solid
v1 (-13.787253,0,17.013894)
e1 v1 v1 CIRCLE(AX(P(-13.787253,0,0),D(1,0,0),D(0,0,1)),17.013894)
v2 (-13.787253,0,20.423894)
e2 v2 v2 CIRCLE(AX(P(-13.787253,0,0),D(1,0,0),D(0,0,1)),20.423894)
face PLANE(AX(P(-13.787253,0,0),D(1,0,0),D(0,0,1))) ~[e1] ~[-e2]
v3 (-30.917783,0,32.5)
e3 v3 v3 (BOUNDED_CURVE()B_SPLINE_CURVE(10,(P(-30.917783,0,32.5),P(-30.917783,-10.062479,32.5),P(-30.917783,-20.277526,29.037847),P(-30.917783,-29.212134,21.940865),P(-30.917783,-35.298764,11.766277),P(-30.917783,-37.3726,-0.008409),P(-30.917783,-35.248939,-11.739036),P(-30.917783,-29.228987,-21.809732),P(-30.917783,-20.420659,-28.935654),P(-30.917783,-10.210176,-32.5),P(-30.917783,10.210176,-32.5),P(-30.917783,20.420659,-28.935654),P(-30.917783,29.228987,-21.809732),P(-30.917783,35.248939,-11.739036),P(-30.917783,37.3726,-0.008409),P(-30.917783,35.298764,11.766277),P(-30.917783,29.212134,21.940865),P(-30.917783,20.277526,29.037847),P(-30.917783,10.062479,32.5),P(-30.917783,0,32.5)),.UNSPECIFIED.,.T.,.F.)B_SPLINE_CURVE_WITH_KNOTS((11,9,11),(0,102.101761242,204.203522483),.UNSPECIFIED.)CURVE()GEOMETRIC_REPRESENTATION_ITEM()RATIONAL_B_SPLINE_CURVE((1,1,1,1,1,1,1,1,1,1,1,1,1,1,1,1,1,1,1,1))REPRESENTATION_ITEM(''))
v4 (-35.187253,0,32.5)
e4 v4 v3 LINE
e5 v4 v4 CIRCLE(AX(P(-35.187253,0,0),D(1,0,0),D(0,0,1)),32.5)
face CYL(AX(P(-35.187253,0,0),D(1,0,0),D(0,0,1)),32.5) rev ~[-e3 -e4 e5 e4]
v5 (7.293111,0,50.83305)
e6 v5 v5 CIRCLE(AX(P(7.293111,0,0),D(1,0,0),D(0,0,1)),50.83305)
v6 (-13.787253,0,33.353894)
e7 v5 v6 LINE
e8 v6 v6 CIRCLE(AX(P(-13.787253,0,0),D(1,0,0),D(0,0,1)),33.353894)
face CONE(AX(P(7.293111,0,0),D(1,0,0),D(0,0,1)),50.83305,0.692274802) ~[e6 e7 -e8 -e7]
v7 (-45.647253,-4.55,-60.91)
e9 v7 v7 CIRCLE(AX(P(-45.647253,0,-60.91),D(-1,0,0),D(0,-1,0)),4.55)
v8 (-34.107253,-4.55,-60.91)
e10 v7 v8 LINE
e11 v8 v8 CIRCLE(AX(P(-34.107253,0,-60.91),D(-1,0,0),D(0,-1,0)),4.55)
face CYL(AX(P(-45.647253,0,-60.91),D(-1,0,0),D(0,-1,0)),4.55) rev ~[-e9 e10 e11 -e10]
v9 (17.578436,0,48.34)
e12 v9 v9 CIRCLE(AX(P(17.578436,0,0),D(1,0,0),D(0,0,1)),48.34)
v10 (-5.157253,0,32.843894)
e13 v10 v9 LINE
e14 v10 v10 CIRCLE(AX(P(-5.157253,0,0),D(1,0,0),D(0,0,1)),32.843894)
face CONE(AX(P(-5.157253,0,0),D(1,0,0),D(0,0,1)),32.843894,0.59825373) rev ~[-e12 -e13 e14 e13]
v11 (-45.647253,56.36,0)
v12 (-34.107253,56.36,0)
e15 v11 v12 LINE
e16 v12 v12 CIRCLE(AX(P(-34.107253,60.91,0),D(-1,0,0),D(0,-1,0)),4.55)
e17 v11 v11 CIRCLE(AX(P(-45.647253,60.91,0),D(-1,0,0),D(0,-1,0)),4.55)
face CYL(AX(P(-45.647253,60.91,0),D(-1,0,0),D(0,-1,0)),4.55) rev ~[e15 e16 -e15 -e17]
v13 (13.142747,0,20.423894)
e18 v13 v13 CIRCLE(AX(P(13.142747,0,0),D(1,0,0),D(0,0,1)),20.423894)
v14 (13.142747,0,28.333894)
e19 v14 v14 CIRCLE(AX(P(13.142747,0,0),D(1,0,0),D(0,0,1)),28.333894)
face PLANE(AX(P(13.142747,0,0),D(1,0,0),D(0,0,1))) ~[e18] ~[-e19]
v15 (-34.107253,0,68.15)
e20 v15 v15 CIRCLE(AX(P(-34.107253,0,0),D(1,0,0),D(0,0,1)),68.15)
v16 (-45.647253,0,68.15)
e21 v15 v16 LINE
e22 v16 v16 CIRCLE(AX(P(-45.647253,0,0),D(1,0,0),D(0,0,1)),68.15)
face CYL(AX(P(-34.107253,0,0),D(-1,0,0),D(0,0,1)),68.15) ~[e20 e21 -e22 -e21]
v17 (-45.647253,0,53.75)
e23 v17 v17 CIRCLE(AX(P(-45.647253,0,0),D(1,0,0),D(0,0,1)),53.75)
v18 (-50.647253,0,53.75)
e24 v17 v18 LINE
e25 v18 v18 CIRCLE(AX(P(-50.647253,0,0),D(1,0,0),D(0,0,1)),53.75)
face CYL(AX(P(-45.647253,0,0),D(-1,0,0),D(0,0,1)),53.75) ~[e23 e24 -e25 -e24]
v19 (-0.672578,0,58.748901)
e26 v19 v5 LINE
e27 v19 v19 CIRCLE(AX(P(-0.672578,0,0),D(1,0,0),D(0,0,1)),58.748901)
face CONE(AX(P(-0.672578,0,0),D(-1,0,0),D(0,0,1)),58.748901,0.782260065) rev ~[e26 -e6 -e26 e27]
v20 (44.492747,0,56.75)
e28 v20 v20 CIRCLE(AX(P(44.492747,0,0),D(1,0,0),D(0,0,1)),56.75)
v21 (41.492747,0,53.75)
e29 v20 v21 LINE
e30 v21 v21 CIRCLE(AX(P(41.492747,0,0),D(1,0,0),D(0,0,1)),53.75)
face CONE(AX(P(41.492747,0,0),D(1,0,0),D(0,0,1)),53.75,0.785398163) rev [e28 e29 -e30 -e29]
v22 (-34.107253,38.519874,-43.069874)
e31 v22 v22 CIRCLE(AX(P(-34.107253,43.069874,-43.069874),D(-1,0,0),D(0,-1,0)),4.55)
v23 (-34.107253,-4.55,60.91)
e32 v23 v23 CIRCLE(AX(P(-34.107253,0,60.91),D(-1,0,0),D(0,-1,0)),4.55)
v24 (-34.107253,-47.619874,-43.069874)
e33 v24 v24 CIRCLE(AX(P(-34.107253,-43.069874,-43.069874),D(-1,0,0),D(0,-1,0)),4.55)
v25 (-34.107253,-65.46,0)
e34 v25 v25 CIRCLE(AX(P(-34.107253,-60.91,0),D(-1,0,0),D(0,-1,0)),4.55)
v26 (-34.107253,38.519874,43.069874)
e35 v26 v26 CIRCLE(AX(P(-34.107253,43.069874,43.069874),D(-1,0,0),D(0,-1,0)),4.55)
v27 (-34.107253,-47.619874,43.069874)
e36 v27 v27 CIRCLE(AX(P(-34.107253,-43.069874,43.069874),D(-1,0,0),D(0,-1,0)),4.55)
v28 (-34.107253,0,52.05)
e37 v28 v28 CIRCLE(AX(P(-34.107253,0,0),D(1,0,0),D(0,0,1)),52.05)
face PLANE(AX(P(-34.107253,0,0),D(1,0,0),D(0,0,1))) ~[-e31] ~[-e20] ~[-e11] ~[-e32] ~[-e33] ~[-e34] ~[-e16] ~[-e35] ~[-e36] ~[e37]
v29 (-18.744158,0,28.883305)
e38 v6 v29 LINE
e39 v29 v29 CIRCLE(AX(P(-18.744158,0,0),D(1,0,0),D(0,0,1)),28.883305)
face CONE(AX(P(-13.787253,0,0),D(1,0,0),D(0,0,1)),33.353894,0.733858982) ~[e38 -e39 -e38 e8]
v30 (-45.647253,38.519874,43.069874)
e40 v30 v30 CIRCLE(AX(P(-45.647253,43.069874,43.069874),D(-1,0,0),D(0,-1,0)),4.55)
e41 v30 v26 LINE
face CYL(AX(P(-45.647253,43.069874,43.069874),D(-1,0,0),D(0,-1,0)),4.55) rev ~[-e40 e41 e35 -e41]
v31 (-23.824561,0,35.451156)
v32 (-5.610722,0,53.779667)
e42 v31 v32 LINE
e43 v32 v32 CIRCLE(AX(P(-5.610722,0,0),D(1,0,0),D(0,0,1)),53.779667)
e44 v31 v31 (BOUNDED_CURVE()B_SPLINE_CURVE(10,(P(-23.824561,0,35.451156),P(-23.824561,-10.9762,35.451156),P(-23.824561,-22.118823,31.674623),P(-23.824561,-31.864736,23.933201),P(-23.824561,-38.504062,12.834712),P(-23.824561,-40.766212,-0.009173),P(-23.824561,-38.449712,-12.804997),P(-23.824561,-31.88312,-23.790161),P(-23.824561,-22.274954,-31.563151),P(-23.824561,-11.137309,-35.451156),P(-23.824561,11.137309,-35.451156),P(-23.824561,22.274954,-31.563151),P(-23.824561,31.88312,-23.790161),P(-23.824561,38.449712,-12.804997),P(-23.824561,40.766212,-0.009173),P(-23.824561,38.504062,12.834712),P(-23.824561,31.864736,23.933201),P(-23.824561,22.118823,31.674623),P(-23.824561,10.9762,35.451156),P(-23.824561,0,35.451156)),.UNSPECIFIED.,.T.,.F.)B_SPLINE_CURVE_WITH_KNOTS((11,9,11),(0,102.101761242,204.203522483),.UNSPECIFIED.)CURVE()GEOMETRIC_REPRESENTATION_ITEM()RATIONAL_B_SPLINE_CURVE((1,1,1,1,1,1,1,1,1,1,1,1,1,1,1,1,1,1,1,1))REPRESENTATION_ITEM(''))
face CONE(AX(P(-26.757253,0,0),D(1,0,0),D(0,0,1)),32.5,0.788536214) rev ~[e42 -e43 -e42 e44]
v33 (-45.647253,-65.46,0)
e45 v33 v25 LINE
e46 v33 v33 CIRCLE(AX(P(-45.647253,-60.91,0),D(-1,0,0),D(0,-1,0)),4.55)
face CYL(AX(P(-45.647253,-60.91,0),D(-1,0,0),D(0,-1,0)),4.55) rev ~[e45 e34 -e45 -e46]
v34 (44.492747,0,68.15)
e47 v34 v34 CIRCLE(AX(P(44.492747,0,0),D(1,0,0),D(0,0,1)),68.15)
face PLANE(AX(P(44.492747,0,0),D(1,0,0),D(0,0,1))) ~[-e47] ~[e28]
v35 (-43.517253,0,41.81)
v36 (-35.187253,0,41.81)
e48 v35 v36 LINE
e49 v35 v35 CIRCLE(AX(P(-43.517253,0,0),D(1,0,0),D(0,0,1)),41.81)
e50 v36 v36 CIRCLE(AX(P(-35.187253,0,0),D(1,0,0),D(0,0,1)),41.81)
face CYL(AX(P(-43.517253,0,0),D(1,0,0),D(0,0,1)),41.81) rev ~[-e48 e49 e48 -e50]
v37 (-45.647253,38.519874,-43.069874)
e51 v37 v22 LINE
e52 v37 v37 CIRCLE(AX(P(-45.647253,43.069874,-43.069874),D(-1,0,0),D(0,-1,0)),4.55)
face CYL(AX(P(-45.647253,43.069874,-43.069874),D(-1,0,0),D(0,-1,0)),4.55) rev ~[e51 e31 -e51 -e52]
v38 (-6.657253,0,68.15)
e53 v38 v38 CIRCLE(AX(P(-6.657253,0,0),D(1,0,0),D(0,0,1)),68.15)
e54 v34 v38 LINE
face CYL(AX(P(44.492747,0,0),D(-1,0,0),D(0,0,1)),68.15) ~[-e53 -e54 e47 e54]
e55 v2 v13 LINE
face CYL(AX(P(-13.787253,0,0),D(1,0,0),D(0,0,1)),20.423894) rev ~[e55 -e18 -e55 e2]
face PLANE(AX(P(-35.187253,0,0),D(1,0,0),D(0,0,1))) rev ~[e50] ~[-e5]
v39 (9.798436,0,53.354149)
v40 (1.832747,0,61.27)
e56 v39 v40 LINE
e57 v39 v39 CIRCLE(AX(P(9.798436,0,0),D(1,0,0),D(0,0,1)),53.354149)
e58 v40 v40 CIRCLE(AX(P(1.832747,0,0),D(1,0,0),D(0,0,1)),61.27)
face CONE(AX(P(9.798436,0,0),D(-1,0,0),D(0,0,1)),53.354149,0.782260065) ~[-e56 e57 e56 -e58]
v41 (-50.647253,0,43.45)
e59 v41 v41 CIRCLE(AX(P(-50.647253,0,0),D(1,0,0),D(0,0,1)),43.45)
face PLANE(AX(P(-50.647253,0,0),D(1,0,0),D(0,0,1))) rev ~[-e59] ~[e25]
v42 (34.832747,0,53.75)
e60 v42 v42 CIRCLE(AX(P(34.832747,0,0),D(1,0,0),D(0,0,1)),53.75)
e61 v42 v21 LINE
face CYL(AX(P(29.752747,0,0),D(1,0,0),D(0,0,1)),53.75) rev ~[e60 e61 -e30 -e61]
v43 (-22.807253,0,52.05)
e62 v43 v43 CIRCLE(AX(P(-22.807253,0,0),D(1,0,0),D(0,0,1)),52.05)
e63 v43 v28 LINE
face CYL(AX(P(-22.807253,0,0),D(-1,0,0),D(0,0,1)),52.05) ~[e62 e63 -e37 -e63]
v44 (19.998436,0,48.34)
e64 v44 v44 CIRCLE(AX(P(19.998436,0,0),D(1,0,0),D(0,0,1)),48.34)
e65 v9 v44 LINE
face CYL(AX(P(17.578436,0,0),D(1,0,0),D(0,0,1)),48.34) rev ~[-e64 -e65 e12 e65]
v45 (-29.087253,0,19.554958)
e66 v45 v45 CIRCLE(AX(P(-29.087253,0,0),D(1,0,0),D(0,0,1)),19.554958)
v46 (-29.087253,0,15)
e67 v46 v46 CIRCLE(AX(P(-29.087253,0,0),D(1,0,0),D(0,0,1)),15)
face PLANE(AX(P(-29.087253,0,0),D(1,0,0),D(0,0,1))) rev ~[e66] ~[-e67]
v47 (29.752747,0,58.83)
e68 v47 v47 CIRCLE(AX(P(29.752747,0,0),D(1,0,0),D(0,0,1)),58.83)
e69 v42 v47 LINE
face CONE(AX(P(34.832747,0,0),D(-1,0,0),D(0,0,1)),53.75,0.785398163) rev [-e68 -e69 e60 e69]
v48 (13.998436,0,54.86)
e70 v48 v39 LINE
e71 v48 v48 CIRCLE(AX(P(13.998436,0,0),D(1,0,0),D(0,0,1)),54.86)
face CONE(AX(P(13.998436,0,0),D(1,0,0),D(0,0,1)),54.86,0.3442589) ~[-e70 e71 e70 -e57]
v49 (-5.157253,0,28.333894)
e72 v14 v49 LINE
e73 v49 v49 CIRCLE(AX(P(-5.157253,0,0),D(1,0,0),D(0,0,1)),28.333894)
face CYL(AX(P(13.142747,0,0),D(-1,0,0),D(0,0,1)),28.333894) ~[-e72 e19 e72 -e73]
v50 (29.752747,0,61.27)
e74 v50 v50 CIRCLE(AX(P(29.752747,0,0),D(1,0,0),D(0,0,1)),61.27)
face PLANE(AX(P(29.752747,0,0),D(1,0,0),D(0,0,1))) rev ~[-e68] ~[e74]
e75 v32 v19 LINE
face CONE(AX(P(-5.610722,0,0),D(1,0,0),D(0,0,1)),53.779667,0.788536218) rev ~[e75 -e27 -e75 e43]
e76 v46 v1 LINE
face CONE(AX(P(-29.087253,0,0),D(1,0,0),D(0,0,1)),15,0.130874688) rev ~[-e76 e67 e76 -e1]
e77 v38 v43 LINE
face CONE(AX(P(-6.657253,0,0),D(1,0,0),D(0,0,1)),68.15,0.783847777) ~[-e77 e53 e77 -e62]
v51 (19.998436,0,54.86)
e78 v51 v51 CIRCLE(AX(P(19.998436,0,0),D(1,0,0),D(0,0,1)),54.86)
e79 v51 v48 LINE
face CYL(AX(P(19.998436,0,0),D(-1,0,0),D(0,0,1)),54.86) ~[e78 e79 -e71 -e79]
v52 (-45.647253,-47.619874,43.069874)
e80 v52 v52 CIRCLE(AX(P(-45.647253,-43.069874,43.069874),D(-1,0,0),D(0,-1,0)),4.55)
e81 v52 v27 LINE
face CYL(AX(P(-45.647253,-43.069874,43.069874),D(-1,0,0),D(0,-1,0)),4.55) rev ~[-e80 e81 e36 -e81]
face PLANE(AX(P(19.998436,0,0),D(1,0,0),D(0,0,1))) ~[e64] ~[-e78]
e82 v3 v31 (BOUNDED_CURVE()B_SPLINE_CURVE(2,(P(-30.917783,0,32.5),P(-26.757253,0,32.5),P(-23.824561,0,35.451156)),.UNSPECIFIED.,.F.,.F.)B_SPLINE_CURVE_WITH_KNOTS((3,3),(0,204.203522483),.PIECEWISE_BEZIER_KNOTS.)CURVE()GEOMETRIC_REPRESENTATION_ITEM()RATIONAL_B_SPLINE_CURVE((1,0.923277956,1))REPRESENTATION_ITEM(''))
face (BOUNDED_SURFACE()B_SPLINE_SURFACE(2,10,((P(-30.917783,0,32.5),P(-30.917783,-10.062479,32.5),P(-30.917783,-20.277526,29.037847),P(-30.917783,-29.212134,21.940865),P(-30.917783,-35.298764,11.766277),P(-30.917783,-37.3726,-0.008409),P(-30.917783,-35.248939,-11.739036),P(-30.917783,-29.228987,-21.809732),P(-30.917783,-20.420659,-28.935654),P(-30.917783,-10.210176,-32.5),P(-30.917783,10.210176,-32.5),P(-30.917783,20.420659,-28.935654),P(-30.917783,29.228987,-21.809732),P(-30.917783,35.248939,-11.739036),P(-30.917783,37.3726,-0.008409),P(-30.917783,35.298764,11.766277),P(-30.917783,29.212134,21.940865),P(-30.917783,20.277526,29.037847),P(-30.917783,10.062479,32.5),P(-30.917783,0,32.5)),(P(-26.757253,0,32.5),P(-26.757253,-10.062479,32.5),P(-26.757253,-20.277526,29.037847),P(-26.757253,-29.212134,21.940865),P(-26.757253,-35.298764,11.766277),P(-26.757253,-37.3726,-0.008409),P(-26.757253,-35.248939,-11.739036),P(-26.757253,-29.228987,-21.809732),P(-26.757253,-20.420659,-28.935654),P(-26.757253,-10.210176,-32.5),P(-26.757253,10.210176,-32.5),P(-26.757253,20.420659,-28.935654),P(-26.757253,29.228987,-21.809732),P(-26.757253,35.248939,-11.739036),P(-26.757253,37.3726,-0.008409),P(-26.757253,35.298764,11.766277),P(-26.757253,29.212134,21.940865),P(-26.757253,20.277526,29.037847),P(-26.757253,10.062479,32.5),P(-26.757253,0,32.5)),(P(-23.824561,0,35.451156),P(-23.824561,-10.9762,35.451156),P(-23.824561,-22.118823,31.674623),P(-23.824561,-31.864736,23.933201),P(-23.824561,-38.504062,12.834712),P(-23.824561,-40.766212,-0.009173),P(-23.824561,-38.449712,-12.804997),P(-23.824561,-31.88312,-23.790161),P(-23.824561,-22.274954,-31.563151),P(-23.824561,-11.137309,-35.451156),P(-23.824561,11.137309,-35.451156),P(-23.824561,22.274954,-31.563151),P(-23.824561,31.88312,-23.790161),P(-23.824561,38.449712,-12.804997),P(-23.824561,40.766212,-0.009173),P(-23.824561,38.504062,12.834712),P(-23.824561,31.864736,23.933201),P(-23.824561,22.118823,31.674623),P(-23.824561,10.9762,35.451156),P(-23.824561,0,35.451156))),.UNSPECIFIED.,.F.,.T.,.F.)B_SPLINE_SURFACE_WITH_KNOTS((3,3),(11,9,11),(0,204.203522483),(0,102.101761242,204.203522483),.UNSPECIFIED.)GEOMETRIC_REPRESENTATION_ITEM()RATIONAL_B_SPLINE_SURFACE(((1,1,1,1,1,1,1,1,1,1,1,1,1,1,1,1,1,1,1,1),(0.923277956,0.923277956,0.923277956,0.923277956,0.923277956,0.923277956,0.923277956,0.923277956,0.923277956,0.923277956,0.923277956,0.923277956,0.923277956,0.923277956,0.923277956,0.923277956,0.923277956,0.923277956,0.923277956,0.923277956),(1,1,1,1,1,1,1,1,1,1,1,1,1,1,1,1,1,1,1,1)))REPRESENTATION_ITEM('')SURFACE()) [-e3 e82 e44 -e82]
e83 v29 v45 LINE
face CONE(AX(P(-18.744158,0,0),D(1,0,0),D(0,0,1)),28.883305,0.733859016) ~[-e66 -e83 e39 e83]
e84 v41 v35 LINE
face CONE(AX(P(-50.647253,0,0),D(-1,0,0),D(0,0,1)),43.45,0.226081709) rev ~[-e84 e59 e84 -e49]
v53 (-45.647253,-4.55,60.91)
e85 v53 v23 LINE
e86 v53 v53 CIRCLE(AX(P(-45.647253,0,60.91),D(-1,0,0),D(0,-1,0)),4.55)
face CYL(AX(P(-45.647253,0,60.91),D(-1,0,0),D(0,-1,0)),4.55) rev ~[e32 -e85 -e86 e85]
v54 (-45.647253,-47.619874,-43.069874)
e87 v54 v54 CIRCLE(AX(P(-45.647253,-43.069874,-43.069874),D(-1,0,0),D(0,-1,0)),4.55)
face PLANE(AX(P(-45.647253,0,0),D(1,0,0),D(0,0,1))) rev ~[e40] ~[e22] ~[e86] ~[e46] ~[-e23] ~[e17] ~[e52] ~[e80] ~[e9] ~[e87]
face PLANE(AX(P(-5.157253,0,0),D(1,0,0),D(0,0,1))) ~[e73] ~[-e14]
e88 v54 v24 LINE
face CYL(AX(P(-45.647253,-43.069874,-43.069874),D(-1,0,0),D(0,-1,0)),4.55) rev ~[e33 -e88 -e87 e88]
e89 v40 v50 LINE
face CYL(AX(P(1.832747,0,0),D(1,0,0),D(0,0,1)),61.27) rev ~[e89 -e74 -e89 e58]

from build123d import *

# Parameters (mm, degrees)
F2_R     = 4.55
F3_DEPTH = 25.4
F4_DEPTH = 25.4
F5_SIZE  = 3
F6_R     = 10
F7_SIZE  = 5.08


with BuildPart() as f1:
    # F0 (on Front) → F1 (revolve)
    with BuildSketch(Plane.XZ):
        Polygon((-50.647253, 53.75), (-50.647253, 43.45), (-43.517253, 41.81), (-35.187253, 41.81), (-35.187253, 32.5), (-26.757253, 32.5), (-5.610722, 53.779667), (-0.672578, 58.748901), (7.293111, 50.83305), (-13.787253, 33.353894), (-18.744158, 28.883305), (-29.087253, 19.554958), (-29.087253, 15), (-13.787253, 17.013894), (-13.787253, 20.423894), (13.142747, 20.423894), (13.142747, 28.333894), (-5.157253, 28.333894), (-5.157253, 32.843894), (17.578436, 48.34), (19.998436, 48.34), (19.998436, 54.86), (13.998436, 54.86), (9.798436, 53.354149), (1.832747, 61.27), (29.752747, 61.27), (29.752747, 53.75), (44.492747, 53.75), (44.492747, 68.15), (-6.657253, 68.15), (-22.807253, 52.05), (-34.107253, 52.05), (-34.107253, 68.15), (-45.647253, 68.15), (-45.647253, 53.75), align=None)
    revolve(axis=Axis((-3.077253, 0, 0), (1, 0, 0)))

    # F2 (on face) → F3 (cut)
    with BuildSketch(Plane(origin=(-45.647253, 0, 0), x_dir=(0, -1, 0), z_dir=(-1, 0, 0))):
        with Locations((0, 60.91)):
            Circle(F2_R)
    extrude(amount=-F3_DEPTH, mode=Mode.SUBTRACT)

    # F2 (on face) → F4 (cut)
    with BuildSketch(Plane(origin=(-45.647253, 0, 0), x_dir=(0, -1, 0), z_dir=(-1, 0, 0))):
        with Locations((0, 60.91)):
            Circle(F2_R)
        with Locations((-43.069874, 43.069874)):
            Circle(F2_R)
        with Locations((-60.91, 0)):
            Circle(F2_R)
        with Locations((-43.069874, -43.069874)):
            Circle(F2_R)
        with Locations((0, -60.91)):
            Circle(F2_R)
        with Locations((43.069874, -43.069874)):
            Circle(F2_R)
        with Locations((60.91, 0)):
            Circle(F2_R)
        with Locations((43.069874, 43.069874)):
            Circle(F2_R)
    extrude(amount=-F4_DEPTH, mode=Mode.SUBTRACT)

    # F5
    f5_edges = [f1.edges().sort_by_distance(p)[0] for p in [
        (44.492747, 0, -53.75),
    ]]
    chamfer(f5_edges, length=F5_SIZE)

    # F6
    f6_edges = [f1.edges().sort_by_distance(p)[0] for p in [
        (-26.757253, 0, -32.5),
    ]]
    fillet(f6_edges, radius=F6_R)

    # F7
    f7_edges = [f1.edges().sort_by_distance(p)[0] for p in [
        (29.752747, 0, -53.75),
    ]]
    chamfer(f7_edges, length=F7_SIZE)


solid = f1.part
